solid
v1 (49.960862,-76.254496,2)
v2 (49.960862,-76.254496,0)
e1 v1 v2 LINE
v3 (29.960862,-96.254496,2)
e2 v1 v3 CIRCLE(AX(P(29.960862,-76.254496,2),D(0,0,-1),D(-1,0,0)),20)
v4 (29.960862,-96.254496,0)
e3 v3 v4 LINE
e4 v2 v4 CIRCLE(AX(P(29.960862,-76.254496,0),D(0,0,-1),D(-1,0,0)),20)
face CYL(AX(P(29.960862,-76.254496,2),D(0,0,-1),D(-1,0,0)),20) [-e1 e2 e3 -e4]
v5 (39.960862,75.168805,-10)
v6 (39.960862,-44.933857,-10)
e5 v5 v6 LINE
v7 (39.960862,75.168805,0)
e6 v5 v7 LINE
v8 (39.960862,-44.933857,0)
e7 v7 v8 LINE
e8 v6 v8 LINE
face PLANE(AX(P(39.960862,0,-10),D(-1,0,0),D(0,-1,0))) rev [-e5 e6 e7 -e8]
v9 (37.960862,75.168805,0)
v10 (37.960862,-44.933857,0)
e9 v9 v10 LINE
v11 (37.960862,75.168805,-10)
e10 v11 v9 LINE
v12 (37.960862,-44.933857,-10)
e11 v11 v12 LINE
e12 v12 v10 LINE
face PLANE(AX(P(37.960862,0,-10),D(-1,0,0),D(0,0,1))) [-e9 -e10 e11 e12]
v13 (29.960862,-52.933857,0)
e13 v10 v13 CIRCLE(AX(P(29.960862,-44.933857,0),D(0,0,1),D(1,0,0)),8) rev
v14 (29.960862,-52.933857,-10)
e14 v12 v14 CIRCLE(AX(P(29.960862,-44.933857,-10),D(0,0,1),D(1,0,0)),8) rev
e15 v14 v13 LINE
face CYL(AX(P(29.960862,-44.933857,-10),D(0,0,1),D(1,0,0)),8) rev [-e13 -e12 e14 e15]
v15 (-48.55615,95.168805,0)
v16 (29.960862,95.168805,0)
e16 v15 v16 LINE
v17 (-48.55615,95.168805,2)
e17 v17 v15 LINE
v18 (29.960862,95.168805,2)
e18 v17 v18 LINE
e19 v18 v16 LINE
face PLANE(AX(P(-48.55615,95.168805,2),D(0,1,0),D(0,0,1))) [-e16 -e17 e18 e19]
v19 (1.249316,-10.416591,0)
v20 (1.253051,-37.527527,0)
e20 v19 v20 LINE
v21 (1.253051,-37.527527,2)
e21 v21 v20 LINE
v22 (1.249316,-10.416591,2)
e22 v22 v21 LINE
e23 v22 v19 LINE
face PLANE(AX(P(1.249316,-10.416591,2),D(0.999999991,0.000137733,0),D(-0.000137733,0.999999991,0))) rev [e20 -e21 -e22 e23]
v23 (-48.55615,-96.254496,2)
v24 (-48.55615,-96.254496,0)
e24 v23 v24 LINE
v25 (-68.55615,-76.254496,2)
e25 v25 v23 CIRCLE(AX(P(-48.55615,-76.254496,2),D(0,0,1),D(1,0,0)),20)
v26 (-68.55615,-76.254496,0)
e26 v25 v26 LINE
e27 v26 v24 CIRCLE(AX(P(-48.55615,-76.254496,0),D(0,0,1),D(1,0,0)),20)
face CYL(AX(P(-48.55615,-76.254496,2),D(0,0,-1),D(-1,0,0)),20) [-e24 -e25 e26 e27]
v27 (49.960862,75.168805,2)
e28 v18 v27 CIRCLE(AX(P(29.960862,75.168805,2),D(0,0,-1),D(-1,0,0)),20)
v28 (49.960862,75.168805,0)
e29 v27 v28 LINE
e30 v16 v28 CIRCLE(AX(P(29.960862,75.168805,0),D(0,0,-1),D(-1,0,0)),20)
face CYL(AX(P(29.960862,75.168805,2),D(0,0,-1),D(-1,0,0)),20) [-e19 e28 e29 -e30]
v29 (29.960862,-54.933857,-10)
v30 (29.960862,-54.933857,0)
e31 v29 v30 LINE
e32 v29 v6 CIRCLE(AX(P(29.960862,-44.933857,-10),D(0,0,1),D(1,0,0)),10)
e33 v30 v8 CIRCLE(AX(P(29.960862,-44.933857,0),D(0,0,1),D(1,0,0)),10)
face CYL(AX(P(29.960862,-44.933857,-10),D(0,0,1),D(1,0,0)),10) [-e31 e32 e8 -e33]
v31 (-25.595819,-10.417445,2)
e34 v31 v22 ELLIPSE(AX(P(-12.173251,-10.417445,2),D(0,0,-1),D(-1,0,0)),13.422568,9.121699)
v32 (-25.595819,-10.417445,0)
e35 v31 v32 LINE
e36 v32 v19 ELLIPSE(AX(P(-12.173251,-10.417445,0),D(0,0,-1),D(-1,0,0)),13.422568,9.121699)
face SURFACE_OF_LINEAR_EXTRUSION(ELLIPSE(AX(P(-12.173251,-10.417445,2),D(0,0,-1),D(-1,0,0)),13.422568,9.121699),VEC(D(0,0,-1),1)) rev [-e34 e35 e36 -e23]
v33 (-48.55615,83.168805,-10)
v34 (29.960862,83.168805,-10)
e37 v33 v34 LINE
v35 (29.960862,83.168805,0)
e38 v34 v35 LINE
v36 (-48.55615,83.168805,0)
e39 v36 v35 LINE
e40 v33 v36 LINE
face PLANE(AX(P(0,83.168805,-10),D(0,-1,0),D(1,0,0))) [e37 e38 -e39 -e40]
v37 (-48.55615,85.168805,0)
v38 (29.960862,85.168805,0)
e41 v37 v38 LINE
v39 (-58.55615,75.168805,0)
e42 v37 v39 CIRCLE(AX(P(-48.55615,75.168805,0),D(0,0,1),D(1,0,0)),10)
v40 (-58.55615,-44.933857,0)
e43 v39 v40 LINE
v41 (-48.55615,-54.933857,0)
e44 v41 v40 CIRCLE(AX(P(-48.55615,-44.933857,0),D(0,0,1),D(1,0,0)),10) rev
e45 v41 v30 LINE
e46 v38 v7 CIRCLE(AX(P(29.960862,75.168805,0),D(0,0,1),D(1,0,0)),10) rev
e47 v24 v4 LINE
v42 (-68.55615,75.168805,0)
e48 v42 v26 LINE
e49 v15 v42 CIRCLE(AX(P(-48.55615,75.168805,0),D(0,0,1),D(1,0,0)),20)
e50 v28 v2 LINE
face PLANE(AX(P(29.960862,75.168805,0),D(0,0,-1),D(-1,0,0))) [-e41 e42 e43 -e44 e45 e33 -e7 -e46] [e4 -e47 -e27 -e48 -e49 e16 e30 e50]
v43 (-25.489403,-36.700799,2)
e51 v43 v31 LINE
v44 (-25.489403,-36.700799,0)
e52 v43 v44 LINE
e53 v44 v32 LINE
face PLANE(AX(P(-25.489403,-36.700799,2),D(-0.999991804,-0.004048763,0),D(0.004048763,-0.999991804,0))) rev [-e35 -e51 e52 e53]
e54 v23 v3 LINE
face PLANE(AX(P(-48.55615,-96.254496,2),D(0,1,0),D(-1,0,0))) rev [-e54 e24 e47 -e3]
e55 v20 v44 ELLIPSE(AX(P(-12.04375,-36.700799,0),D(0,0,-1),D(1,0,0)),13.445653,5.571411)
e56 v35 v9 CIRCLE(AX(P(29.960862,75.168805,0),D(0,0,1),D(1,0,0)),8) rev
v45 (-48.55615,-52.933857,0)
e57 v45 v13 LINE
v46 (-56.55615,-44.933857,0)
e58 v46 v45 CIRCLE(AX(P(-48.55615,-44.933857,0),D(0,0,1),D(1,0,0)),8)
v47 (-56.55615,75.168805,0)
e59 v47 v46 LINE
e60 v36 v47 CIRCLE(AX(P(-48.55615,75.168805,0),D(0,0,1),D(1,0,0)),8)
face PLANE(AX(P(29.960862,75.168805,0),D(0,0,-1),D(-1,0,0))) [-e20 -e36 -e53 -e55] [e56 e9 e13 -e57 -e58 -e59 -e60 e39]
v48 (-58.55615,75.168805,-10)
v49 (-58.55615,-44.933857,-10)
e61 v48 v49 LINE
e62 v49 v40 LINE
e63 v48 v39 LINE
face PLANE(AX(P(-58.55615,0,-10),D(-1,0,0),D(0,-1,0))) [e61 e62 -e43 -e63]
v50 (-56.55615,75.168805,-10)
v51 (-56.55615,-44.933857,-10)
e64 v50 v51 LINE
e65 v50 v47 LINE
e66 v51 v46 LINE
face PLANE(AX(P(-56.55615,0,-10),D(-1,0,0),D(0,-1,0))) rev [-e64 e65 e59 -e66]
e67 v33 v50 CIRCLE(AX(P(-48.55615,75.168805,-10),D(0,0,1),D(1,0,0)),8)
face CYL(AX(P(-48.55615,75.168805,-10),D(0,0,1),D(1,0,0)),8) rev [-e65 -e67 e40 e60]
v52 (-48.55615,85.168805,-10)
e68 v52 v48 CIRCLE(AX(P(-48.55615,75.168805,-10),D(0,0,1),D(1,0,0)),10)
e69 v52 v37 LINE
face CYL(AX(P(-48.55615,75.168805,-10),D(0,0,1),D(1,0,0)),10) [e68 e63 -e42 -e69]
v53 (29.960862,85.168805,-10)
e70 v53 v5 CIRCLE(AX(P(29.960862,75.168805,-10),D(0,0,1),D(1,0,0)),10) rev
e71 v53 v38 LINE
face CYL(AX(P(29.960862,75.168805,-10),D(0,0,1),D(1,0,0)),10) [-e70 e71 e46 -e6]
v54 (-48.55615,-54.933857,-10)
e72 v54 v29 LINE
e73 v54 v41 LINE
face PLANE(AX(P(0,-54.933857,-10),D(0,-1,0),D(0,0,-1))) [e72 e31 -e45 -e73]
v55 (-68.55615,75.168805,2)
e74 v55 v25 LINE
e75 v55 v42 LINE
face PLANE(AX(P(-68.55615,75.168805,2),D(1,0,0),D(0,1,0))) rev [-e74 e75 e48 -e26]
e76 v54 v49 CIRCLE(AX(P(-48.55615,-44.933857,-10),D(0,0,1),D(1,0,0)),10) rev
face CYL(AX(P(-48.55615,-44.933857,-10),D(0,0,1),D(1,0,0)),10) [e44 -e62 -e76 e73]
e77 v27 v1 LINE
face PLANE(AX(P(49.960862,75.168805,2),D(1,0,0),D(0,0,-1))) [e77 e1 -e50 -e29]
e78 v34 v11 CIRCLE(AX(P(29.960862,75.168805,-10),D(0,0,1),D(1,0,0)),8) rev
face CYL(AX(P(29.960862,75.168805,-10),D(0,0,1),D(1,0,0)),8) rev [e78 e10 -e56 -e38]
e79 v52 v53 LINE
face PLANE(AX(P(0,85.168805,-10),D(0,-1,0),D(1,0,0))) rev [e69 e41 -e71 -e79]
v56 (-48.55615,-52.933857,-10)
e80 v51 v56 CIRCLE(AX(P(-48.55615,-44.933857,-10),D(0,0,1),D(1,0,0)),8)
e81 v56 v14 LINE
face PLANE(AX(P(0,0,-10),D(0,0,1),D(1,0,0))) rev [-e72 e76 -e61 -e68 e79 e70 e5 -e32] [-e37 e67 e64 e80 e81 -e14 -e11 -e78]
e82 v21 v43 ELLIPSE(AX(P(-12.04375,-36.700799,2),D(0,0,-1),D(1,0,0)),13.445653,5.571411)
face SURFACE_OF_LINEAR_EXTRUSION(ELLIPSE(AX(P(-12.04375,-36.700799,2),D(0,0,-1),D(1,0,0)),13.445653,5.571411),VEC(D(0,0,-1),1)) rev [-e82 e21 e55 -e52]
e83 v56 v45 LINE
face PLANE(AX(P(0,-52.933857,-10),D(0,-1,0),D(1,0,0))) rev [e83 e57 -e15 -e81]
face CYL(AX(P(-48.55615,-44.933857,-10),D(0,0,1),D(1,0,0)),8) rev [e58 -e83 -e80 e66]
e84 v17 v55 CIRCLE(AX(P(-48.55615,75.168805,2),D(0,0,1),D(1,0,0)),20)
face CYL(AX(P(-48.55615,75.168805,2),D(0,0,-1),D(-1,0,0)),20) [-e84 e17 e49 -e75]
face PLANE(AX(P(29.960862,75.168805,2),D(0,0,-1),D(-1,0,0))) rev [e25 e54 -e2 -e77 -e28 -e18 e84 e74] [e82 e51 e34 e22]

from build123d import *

# Parameters (mm, degrees)
BOSS_EXTRUDE1_DEPTH     = 2
BOSS_EXTRUDE2_DEPTH     = 10
CUT_EXTRUDE1_DEPTH      = 119.595420067
CUT_EXTRUDE1_DEPTH_BACK = 119.595420067


with BuildPart() as part:
    # Sketch1 → Boss-Extrude1 (new body)
    with BuildSketch(Plane.XY):
        with BuildLine():
            Line((-48.55615004, 95.168805411), (29.960861776, 95.168805411))
            ThreePointArc((29.960861776, 95.168805411), (44.1029974, 89.310941035), (49.960861776, 75.168805411))
            Line((49.960861776, 75.168805411), (49.960861776, -76.254495753))
            ThreePointArc((49.960861776, -76.254495753), (44.1029974, -90.396631376), (29.960861776, -96.254495753))
            Line((29.960861776, -96.254495753), (-48.556149966, -96.254495753))
            ThreePointArc((-48.556149966, -96.254495753), (-62.698285587, -90.39663138), (-68.556149966, -76.254495762))
            Line((-68.556149966, -76.254495762), (-68.55615004, 75.168805401))
            ThreePointArc((-68.55615004, 75.168805401), (-62.698285667, 89.310941031), (-48.55615004, 95.168805411))
        make_face()
    extrude(amount=BOSS_EXTRUDE1_DEPTH)

    # Sketch1<3> → Boss-Extrude2 (add)
    with BuildSketch(Plane.XY):
        with BuildLine():
            Line((29.960861776, 85.168805411), (-48.55615004, 85.168805411))
            ThreePointArc((-48.55615004, 85.168805411), (-55.627217853, 82.239873221), (-58.55615004, 75.168805406))
            Line((-58.55615004, 75.168805406), (-58.556149982, -44.933857006))
            ThreePointArc((-58.556149982, -44.933857006), (-55.627217792, -52.004924815), (-48.556149982, -54.933857001))
            Line((-48.556149982, -54.933857001), (29.960861776, -54.933857001))
            ThreePointArc((29.960861776, -54.933857001), (37.031929588, -52.004924813), (39.960861776, -44.933857001))
            Line((39.960861776, -44.933857001), (39.960861776, 75.168805411))
            ThreePointArc((39.960861776, 75.168805411), (37.031929588, 82.239873223), (29.960861776, 85.168805411))
        make_face()
        with BuildLine():
            ThreePointArc((-56.55615004, 75.168805407), (-54.213004291, 80.825659659), (-48.55615004, 83.168805411))
            Line((-48.55615004, 83.168805411), (29.960861776, 83.168805411))
            ThreePointArc((29.960861776, 83.168805411), (35.617716026, 80.82565966), (37.960861776, 75.168805411))
            Line((37.960861776, 75.168805411), (37.960861776, -44.933856987))
            ThreePointArc((37.960861776, -44.933856987), (35.617716026, -50.590711236), (29.960861776, -52.933856987))
            Line((29.960861776, -52.933856987), (-48.556149982, -52.933856987))
            ThreePointArc((-48.556149982, -52.933856987), (-54.21300423, -50.590711237), (-56.556149982, -44.93385699))
            Line((-56.556149982, -44.93385699), (-56.55615004, 75.168805407))
        make_face(mode=Mode.SUBTRACT)
    extrude(amount=-BOSS_EXTRUDE2_DEPTH)

    # Sketch3 → Cut-Extrude1 (cut, two sides: drawn at the far end of the back side and taken through both)
    with BuildSketch(Plane(origin=(0, 0, 0), x_dir=(-1, 0, 0), z_dir=(0, 0, -1)).offset(-CUT_EXTRUDE1_DEPTH_BACK)):
        with BuildLine():
            Line((25.489402973, -36.700798798), (25.595818918, -10.417445008))
            add(Edge.make_bspline(
                [(25.595818918, -10.417445008), (25.595818918, -1.296173206), (12.173879387, -1.295746312), (-1.248060145, -1.295319417), (-1.249316495, -10.416591179)],
                knots=[0, 0, 0, 1.570749525, 1.570749525, 3.141499049, 3.141499049, 3.141499049], degree=2, weights=[1, 0.707123328, 1, 0.707123328, 1]))
            Line((-1.249316495, -10.416591179), (-1.253050558, -37.527526675))
            add(Edge.make_bspline(
                [(-1.253050558, -37.527526675), (0.598808841, -42.641507472), (13.044105907, -42.256768128), (25.489402973, -41.872028784), (25.489402973, -36.700798798)],
                knots=[0.148937555, 0.148937555, 0.148937555, 1.645265104, 1.645265104, 3.141592654, 3.141592654, 3.141592654], degree=2, weights=[1, 0.732939277, 1, 0.732939277, 1]))
        make_face()
    extrude(amount=CUT_EXTRUDE1_DEPTH + CUT_EXTRUDE1_DEPTH_BACK, mode=Mode.SUBTRACT)


solid = part.part
